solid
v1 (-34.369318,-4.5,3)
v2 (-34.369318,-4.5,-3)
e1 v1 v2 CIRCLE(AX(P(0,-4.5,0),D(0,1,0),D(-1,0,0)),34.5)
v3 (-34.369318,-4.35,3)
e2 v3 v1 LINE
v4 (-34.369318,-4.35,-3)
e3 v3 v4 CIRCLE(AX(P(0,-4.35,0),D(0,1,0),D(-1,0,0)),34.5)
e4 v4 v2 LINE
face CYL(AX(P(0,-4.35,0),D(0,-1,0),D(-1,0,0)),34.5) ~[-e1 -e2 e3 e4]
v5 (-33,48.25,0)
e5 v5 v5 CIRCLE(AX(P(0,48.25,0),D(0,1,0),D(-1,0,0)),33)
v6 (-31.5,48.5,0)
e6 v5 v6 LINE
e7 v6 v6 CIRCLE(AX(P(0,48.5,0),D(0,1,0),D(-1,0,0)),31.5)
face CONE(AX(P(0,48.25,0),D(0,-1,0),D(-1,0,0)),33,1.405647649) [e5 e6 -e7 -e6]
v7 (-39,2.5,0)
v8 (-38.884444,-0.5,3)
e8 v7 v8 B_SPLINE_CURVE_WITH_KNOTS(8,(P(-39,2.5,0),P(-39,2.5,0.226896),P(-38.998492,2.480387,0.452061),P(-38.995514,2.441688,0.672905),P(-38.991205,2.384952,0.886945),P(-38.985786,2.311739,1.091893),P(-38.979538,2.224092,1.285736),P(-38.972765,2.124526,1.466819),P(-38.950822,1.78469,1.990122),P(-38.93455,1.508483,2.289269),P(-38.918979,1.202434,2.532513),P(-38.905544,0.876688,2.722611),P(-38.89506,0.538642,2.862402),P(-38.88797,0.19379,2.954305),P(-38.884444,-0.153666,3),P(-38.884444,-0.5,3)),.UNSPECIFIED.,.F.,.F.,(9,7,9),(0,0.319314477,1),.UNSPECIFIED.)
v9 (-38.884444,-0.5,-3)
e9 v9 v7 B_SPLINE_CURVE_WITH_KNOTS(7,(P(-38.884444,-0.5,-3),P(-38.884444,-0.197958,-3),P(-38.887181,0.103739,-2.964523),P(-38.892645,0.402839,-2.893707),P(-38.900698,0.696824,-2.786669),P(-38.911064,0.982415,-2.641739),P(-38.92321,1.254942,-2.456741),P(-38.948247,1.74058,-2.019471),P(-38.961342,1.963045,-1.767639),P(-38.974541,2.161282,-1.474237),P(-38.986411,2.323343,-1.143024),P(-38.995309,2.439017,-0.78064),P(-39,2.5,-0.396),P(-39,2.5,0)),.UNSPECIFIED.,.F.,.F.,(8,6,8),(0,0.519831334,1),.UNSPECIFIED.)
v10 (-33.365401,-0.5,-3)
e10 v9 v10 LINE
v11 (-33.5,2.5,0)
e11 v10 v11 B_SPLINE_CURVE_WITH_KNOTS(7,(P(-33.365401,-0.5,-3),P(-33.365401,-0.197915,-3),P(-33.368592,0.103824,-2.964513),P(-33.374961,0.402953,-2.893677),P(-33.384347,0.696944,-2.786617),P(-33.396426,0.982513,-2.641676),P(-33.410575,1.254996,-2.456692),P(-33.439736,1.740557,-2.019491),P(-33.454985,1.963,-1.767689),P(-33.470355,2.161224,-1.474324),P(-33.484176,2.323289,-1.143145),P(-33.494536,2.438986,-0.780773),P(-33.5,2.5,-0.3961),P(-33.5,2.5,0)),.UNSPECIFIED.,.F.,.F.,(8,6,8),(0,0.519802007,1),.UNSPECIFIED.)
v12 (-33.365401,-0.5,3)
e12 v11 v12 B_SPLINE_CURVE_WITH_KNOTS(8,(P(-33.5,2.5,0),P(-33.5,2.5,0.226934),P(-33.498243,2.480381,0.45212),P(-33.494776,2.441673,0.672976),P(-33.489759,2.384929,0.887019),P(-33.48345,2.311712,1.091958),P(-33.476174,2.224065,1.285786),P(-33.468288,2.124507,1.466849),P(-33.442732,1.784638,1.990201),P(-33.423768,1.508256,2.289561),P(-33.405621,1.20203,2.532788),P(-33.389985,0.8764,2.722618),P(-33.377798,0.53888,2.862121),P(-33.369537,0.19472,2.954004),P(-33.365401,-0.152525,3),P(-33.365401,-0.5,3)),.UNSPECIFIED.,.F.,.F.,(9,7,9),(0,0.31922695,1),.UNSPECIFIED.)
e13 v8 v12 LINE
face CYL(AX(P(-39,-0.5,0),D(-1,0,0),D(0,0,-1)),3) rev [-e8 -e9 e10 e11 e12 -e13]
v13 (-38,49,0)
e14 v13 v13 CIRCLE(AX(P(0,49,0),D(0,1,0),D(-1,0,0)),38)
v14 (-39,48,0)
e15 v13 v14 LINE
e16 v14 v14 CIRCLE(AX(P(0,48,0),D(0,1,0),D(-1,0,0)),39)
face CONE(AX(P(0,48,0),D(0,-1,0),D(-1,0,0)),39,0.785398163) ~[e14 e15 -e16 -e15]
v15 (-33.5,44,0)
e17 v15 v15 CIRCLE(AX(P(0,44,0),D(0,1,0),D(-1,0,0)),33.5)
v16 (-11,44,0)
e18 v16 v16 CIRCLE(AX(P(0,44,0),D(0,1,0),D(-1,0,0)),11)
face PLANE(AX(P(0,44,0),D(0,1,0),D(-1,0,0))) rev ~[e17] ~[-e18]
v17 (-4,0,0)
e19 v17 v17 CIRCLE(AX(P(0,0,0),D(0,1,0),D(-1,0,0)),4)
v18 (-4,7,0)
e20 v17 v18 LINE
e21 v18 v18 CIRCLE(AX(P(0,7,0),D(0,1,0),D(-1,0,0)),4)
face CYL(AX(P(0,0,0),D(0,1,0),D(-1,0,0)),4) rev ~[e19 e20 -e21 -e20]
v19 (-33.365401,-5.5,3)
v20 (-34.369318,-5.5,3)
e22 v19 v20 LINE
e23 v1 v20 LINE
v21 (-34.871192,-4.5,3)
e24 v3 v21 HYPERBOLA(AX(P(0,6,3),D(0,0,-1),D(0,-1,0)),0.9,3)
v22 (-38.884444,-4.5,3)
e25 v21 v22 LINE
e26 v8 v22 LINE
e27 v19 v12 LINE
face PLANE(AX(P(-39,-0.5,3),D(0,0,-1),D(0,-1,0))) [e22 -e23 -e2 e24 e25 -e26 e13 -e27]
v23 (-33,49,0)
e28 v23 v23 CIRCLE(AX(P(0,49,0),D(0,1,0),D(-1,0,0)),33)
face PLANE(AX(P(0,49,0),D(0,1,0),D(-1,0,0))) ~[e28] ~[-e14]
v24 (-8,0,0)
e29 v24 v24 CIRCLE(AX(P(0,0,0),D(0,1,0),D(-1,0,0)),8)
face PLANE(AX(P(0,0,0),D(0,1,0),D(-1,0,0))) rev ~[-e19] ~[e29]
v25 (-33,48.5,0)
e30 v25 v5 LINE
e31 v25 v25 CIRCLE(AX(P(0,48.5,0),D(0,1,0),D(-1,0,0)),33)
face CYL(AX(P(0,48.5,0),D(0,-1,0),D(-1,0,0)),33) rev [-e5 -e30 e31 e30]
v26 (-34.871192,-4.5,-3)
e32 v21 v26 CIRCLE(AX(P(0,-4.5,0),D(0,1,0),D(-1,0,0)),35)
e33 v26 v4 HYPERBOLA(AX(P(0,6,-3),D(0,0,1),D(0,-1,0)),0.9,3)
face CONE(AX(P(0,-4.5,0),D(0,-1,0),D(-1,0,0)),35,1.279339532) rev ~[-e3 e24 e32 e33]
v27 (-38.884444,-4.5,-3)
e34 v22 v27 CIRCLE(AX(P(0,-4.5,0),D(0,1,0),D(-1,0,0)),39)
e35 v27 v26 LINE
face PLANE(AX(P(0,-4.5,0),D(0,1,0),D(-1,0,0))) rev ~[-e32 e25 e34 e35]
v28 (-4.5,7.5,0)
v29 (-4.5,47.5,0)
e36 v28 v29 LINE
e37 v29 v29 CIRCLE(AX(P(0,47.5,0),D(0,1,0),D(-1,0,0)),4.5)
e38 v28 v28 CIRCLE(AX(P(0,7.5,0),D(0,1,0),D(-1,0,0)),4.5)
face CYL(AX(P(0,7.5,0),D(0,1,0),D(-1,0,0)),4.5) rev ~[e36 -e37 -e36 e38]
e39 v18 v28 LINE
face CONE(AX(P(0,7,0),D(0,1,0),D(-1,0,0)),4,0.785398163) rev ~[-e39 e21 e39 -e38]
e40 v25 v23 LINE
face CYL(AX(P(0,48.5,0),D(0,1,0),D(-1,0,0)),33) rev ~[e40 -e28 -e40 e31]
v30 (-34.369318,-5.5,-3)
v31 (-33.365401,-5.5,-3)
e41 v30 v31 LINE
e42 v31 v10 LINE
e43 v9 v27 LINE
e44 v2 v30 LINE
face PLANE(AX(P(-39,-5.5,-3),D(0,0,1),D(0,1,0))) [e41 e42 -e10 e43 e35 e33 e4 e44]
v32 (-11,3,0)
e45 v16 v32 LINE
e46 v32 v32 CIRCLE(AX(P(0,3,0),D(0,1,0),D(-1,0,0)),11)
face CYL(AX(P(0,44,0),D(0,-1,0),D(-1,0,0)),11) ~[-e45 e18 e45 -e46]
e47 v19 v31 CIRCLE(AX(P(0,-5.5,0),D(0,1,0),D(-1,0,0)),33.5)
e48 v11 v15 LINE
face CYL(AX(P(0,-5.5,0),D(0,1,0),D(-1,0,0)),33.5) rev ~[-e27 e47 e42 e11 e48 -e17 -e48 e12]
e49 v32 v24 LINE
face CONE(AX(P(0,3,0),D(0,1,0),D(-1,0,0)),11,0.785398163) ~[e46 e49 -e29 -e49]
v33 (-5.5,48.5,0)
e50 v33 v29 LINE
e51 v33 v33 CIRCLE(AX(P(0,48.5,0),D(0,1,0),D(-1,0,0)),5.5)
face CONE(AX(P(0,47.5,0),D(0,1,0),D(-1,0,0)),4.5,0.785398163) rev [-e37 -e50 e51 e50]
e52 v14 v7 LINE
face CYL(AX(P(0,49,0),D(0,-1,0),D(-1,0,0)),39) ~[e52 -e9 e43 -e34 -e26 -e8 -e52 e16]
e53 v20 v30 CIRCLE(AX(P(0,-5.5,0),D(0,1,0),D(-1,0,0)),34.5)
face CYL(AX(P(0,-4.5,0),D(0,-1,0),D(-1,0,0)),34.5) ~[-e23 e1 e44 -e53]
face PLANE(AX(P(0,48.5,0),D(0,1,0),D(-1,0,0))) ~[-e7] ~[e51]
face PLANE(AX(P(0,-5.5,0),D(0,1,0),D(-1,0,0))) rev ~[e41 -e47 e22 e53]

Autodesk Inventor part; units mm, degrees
ref_plane "XZ Plane" through (0, 0, 0) normal (0, 1, 0) x (-1, 0, 0)
ref_plane "XY Plane" through (0, 0, 0) normal (0, 0, 1) x (1, 0, 0)
sketch "Sketch1" plane through (0, 0, 0) normal (0, 0, 1) x (1, 0, 0)
  line L0 (-4, 0) -> (-4, 7)
  line L1 (-4, 7) -> (-4.5, 7.5)
  line L2 (-4.5, 7.5) -> (-4.5, 48.5)
  line L3 (-4.5, 48.5) -> (-33, 48.5)
  line L4 (-33, 48.5) -> (-33, 49)
  line L5 (-33, 49) -> (-39, 49)
  line L6 (-33.5, 44) -> (-11, 44)
  line L7 (-11, 44) -> (-11, 3)
  line L8 (-11, 3) -> (-8, 0)
  line L9 (-8, 0) -> (-4, 0)
  line L10 (0, 0) -> (0, 13.1371)
  line L11 (-39, 49) -> (-39, -4.5)
  line L12 (-39, -4.5) -> (-34.5, -4.5)
  line L13 (-34.5, -4.5) -> (-34.5, -5.5)
  line L14 (-34.5, -5.5) -> (-33.5, -5.5)
  line L15 (-33.5, -5.5) -> (-33.5, 44)
  line L16 (-33, 48.5) -> (-33, 48.25)
  line L17 (-33, 48.25) -> (-31.5, 48.5)
  line L18 (-35, -4.5) -> (-34.5, -4.35)
  line L19 (-34.5, -4.35) -> (-34.5, -4.5)
  dimension "d0" = 8
  dimension "d1" = 7
  dimension "d7" = 135
  dimension "d9" = 135
  dimension "d11" = 4.5
  dimension "d12" = 9
  dimension "d13" = 16
  dimension "d14" = 22
  dimension "d15" = 0.5
  dimension "d19" = 44
  dimension "d20" = 66
  dimension "d27" = 6.5
  dimension "d28" = 49
  dimension "d29" = 5
  dimension "d31" = 67
  dimension "d32" = 4.5
  dimension "d34" = 1
  dimension "d35" = 0.25
  dimension "d36" = 1.5
  dimension "d37" = 78
  dimension "d38" = 5.5
  dimension "d39" = 0.15
  dimension "d40" = 0.5
  dimension "d41" = 4.5
revolve "Revolution1" add sketch "Sketch1" angle 360 about axis through (0, 0, 0) along (0, 1, 0) contours L9 L8 L7 L6 L15 L14 L13 L19 L18 L12 L11 L5 L4 L16 L17 L3 L2 L1 L0
chamfer "Chamfer1" distance 1 angle 45 1 edges at (4.5, 48.5, 0)
ref_plane "Work Plane1" through (-39, 22.25, 0) normal (1, 0, 0) x (0, 1, 0)
sketch "Sketch2" plane through (-39, 22.25, 0) normal (1, 0, 0) x (0, 1, 0)
  line L0 (-22.75, 0) -> (-37.8891, 0) construction
  line L1 (-22.75, 3) -> (-37.8891, 3)
  line L2 (-37.8891, -3) -> (-22.75, -3)
  arc A0 (-22.75, -3) -> (-22.75, 3) centre (-22.75, 0) ccw
  arc A1 (-37.8891, 3) -> (-37.8891, -3) centre (-37.8891, 0) ccw
  line L3 (-27.75, -34.5) -> (-27.75, 34.5) projected
  point P0 (-22.25, 0)
  point P1 (-30.3196, 0)
  dimension "d42" = 6
  dimension "d43" = 5
extrude "Extrusion1" cut sketch "Sketch2" along normal blind 10
chamfer "Chamfer2" distance 1 angle 45 1 edges at (39, 49, 0)
properties part number "010" material "Stainless Steel, 440C"
